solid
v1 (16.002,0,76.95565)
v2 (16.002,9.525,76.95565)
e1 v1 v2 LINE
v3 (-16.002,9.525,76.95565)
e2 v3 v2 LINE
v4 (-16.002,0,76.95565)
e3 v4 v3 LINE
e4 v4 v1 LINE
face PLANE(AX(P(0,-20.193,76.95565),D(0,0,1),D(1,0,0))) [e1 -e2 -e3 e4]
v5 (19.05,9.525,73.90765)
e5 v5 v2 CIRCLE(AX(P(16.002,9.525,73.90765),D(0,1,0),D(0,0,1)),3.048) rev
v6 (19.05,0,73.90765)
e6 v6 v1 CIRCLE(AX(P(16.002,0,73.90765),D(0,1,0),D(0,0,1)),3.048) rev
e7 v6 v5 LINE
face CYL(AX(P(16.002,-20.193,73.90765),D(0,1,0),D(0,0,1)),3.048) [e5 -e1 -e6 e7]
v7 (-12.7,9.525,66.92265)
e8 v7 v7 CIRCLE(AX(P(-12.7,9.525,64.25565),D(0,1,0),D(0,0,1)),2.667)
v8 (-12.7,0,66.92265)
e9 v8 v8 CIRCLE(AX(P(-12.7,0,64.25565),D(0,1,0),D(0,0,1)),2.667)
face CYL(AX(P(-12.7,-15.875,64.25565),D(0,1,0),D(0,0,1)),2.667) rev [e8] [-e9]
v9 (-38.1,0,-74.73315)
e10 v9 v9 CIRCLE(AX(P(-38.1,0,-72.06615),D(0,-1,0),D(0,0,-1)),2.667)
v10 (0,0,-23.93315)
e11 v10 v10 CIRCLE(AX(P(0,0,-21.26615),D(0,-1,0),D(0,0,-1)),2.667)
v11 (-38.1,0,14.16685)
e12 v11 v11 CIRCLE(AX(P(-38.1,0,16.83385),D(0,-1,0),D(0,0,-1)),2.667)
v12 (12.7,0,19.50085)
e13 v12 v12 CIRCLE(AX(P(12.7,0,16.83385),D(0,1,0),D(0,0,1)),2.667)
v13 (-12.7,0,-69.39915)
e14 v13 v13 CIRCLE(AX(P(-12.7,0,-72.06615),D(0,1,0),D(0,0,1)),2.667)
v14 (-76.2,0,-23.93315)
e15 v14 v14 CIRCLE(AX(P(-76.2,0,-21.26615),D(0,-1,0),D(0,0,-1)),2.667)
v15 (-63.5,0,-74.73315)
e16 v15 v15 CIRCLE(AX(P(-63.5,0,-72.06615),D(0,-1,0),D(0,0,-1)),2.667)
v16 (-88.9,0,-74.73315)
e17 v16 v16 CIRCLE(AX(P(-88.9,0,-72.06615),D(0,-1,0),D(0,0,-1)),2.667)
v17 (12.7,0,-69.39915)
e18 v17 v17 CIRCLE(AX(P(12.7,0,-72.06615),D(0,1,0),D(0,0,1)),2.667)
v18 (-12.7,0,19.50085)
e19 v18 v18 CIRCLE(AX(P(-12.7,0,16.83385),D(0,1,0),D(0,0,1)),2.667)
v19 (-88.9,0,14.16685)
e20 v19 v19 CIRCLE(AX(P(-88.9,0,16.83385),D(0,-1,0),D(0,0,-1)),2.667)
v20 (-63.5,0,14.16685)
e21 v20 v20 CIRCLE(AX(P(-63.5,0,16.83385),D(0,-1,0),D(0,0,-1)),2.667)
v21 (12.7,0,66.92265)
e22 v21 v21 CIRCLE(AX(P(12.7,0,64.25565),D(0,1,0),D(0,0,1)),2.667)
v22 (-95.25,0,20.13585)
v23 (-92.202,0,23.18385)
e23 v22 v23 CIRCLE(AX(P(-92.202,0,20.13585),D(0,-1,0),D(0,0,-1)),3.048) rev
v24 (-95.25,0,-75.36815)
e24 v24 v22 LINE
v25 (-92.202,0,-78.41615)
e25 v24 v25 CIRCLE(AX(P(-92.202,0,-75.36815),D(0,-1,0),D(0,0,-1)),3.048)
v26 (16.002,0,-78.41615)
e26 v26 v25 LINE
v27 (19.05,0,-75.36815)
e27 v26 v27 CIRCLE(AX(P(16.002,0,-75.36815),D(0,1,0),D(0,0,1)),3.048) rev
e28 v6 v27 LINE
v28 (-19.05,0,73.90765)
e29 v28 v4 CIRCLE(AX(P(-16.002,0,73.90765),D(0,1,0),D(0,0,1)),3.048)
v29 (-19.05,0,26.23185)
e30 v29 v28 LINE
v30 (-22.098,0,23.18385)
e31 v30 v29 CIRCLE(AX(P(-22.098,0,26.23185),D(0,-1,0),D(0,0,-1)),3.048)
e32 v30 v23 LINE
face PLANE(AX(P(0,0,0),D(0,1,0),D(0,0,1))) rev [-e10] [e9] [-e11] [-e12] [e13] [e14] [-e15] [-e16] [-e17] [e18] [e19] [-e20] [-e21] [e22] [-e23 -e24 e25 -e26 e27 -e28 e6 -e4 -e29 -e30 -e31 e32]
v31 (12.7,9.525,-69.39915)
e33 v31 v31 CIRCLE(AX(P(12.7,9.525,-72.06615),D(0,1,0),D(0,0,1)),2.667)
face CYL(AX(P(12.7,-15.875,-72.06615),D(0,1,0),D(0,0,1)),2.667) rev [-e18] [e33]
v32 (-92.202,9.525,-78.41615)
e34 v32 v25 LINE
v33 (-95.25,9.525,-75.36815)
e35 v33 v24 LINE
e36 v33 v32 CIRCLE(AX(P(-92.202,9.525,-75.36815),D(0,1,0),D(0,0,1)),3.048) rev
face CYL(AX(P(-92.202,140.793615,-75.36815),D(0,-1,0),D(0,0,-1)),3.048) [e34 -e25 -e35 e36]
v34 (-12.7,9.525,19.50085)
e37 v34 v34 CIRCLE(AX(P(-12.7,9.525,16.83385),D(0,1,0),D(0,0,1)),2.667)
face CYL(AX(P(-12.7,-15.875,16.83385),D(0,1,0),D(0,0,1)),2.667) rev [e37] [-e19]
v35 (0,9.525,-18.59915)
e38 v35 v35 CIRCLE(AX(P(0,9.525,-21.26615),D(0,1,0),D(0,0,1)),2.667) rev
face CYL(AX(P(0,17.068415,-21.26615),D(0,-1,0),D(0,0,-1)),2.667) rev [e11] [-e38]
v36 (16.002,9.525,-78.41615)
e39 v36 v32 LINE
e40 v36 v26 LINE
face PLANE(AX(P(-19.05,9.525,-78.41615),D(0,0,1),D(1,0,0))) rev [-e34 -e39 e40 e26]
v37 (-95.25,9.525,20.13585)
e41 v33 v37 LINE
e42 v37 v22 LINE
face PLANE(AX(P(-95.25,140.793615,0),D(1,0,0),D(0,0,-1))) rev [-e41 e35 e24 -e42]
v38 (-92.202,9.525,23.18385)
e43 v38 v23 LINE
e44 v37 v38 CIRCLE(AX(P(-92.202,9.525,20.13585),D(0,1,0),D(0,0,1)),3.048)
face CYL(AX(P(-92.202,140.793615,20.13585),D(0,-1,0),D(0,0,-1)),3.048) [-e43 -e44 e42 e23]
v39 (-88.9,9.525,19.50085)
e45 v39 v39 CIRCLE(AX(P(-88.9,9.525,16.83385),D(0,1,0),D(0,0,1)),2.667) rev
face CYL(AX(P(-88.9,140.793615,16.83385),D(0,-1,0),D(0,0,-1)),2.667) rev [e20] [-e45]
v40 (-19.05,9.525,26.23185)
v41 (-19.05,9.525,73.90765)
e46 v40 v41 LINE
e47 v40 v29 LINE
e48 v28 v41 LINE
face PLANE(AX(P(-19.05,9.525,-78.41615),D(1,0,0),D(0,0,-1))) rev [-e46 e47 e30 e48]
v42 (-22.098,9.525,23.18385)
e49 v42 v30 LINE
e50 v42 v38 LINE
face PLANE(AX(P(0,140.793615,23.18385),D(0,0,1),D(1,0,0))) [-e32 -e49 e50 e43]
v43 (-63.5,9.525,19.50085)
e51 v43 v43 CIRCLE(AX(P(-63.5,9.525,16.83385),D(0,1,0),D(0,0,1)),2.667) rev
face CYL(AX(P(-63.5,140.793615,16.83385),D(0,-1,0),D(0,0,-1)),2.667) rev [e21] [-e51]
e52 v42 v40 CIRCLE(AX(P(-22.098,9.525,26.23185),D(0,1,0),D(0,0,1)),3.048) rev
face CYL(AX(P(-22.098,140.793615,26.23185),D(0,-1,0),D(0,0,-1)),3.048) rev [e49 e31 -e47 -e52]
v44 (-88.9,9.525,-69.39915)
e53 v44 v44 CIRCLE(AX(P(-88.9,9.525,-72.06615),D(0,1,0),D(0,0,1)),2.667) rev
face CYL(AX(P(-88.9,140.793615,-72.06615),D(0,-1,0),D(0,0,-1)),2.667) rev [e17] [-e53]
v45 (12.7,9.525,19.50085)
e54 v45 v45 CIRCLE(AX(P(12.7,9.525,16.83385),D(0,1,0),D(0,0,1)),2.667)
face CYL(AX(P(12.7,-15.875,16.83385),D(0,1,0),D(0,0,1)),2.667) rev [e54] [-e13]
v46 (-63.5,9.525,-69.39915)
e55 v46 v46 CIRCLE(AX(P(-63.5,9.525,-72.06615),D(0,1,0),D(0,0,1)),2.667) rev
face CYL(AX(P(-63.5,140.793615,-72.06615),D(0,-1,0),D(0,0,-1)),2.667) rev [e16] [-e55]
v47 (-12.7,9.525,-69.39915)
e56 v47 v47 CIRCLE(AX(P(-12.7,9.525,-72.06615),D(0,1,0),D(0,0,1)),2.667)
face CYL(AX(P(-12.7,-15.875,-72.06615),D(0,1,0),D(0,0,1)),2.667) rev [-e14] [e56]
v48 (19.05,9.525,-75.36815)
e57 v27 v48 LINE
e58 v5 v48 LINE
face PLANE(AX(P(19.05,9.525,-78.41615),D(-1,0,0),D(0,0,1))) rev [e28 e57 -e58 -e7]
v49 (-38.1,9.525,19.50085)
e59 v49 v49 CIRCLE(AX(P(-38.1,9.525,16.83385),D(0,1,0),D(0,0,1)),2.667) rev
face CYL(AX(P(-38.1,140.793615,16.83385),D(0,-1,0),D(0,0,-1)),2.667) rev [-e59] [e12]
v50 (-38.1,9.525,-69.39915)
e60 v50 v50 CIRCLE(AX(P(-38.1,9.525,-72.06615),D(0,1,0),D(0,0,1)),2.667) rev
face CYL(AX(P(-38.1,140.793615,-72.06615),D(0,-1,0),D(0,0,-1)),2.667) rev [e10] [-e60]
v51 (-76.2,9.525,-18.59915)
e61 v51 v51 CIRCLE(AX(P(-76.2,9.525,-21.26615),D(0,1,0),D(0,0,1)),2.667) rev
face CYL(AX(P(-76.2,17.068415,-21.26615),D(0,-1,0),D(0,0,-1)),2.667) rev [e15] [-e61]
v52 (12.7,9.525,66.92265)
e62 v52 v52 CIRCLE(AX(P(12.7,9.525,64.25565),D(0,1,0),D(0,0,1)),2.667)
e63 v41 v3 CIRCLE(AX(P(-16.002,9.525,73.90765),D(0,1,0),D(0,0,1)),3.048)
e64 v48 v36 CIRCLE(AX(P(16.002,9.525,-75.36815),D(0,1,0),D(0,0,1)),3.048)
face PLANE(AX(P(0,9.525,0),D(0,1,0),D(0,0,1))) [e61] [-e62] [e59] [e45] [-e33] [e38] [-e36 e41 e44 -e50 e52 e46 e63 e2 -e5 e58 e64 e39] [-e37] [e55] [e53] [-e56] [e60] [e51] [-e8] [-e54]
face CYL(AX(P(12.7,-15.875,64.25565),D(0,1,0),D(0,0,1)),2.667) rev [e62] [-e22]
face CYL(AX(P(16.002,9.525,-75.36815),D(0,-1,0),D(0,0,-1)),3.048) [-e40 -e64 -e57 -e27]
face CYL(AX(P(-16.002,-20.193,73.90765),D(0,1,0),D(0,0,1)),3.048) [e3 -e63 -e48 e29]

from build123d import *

# Parameters (mm, degrees)
SKETCH1_W           = 38.1
SKETCH1_H           = 156.8323
BOSS_EXTRUDE1_DEPTH = 9.525
FILLET1_R           = 3.048
FILLET2_R           = 3.048
FILLET3_R           = 3.048
SKETCH2_R           = 2.667
CUT_EXTRUDE1_DEPTH  = 25.4
CUT_EXTRUDE2_DEPTH  = 29.718
SKETCH4_R           = 2.667
BOSS_EXTRUDE2_DEPTH = 9.525
SKETCH5_R           = 2.667
CUT_EXTRUDE3_DEPTH  = 9.525


with BuildPart() as part:
    # Sketch1 → Boss-Extrude1 (new body)
    with BuildSketch(Plane(origin=(0, 0, 0), x_dir=(1, 0, 0), z_dir=(0, 1, 0))):
        Rectangle(SKETCH1_W, SKETCH1_H)
    extrude(amount=BOSS_EXTRUDE1_DEPTH)

    # Fillet1
    fillet1_edges = [part.edges().sort_by_distance(p)[0] for p in [
        (19.05, 4.7625, 78.41615),
        (-19.05, 4.7625, 78.41615),
    ]]
    fillet(fillet1_edges, radius=FILLET1_R)

    # Fillet2
    fillet2_edges = [part.edges().sort_by_distance(p)[0] for p in [
        (-19.05, 4.7625, -78.41615),
    ]]
    fillet(fillet2_edges, radius=FILLET2_R)

    # Fillet3
    fillet3_edges = [part.edges().sort_by_distance(p)[0] for p in [
        (19.05, 4.7625, -78.41615),
    ]]
    fillet(fillet3_edges, radius=FILLET3_R)

    # Sketch2 → Cut-Extrude1 (cut)
    with BuildSketch(Plane(origin=(0, 9.525, 0), x_dir=(1, 0, 0), z_dir=(0, 1, 0))):
        with Locations((12.7, 72.06615)):
            Circle(SKETCH2_R)
        with Locations((12.7, -16.83385)):
            Circle(SKETCH2_R)
        with Locations((-12.7, -16.83385)):
            Circle(SKETCH2_R)
        with Locations((-12.7, 72.06615)):
            Circle(SKETCH2_R)
        with Locations((-12.7, -64.25565)):
            Circle(SKETCH2_R)
        with Locations((12.7, -64.25565)):
            Circle(SKETCH2_R)
    extrude(amount=-CUT_EXTRUDE1_DEPTH, mode=Mode.SUBTRACT)

    # Sketch3 → Cut-Extrude2 (cut)
    with BuildSketch(Plane(origin=(0, 9.525, 0), x_dir=(1, 0, 0), z_dir=(0, 1, 0))):
        with BuildLine():
            ThreePointArc((-16.002, -76.95565), (-18.157261469, -76.062911469), (-19.05, -73.90765))
            Line((-19.05, -73.90765), (-19.05, -75.36815))
            ThreePointArc((-19.05, -75.36815), (-18.936369601, -76.19263714), (-18.603950759, -76.95565))
            Line((-18.603950759, -76.95565), (-16.002, -76.95565))
        make_face()
        with BuildLine():
            Line((-12.7, -76.95565), (-16.002, -76.95565))
            Line((-16.002, -76.95565), (-18.603950759, -76.95565))
            ThreePointArc((-18.603950759, -76.95565), (-17.493912196, -78.026063091), (-16.002, -78.41615))
            Line((-16.002, -78.41615), (16.002, -78.41615))
            ThreePointArc((16.002, -78.41615), (17.493912196, -78.026063091), (18.603950759, -76.95565))
            Line((18.603950759, -76.95565), (16.002, -76.95565))
            Line((16.002, -76.95565), (-12.7, -76.95565))
        make_face()
        with BuildLine():
            ThreePointArc((19.05, -73.90765), (18.157261469, -76.062911469), (16.002, -76.95565))
            Line((16.002, -76.95565), (18.603950759, -76.95565))
            ThreePointArc((18.603950759, -76.95565), (18.936369601, -76.19263714), (19.05, -75.36815))
            Line((19.05, -75.36815), (19.05, -73.90765))
        make_face()
    extrude(amount=-CUT_EXTRUDE2_DEPTH, mode=Mode.SUBTRACT)

    # Sketch4 → Boss-Extrude2 (add)
    with BuildSketch(Plane.XZ):
        with BuildLine():
            Line((-92.202, -78.41615), (-16.002, -78.41615))
            ThreePointArc((-16.002, -78.41615), (-18.157261469, -77.523411469), (-19.05, -75.36815))
            Line((-19.05, -75.36815), (-19.05, 26.23185))
            ThreePointArc((-19.05, 26.23185), (-19.942738531, 24.076588531), (-22.098, 23.18385))
            Line((-22.098, 23.18385), (-92.202, 23.18385))
            ThreePointArc((-92.202, 23.18385), (-94.357261469, 22.291111469), (-95.25, 20.13585))
            Line((-95.25, 20.13585), (-95.25, -75.36815))
            ThreePointArc((-95.25, -75.36815), (-94.357261469, -77.523411469), (-92.202, -78.41615))
        make_face()
        with Locations((-88.9, -72.06615)):
            Circle(SKETCH4_R, mode=Mode.SUBTRACT)
        with Locations((-63.5, -72.06615)):
            Circle(SKETCH4_R, mode=Mode.SUBTRACT)
        with Locations((-38.1, -72.06615)):
            Circle(SKETCH4_R, mode=Mode.SUBTRACT)
        with Locations((-88.9, 16.83385)):
            Circle(SKETCH4_R, mode=Mode.SUBTRACT)
        with Locations((-63.5, 16.83385)):
            Circle(SKETCH4_R, mode=Mode.SUBTRACT)
        with Locations((-38.1, 16.83385)):
            Circle(SKETCH4_R, mode=Mode.SUBTRACT)
    extrude(amount=-BOSS_EXTRUDE2_DEPTH)

    # Sketch5 → Cut-Extrude3 (cut)
    with BuildSketch(Plane.XZ):
        with Locations((0, -21.26615)):
            Circle(SKETCH5_R)
        with Locations((-76.2, -21.26615)):
            Circle(SKETCH5_R)
    extrude(amount=-CUT_EXTRUDE3_DEPTH, mode=Mode.SUBTRACT)


solid = part.part
